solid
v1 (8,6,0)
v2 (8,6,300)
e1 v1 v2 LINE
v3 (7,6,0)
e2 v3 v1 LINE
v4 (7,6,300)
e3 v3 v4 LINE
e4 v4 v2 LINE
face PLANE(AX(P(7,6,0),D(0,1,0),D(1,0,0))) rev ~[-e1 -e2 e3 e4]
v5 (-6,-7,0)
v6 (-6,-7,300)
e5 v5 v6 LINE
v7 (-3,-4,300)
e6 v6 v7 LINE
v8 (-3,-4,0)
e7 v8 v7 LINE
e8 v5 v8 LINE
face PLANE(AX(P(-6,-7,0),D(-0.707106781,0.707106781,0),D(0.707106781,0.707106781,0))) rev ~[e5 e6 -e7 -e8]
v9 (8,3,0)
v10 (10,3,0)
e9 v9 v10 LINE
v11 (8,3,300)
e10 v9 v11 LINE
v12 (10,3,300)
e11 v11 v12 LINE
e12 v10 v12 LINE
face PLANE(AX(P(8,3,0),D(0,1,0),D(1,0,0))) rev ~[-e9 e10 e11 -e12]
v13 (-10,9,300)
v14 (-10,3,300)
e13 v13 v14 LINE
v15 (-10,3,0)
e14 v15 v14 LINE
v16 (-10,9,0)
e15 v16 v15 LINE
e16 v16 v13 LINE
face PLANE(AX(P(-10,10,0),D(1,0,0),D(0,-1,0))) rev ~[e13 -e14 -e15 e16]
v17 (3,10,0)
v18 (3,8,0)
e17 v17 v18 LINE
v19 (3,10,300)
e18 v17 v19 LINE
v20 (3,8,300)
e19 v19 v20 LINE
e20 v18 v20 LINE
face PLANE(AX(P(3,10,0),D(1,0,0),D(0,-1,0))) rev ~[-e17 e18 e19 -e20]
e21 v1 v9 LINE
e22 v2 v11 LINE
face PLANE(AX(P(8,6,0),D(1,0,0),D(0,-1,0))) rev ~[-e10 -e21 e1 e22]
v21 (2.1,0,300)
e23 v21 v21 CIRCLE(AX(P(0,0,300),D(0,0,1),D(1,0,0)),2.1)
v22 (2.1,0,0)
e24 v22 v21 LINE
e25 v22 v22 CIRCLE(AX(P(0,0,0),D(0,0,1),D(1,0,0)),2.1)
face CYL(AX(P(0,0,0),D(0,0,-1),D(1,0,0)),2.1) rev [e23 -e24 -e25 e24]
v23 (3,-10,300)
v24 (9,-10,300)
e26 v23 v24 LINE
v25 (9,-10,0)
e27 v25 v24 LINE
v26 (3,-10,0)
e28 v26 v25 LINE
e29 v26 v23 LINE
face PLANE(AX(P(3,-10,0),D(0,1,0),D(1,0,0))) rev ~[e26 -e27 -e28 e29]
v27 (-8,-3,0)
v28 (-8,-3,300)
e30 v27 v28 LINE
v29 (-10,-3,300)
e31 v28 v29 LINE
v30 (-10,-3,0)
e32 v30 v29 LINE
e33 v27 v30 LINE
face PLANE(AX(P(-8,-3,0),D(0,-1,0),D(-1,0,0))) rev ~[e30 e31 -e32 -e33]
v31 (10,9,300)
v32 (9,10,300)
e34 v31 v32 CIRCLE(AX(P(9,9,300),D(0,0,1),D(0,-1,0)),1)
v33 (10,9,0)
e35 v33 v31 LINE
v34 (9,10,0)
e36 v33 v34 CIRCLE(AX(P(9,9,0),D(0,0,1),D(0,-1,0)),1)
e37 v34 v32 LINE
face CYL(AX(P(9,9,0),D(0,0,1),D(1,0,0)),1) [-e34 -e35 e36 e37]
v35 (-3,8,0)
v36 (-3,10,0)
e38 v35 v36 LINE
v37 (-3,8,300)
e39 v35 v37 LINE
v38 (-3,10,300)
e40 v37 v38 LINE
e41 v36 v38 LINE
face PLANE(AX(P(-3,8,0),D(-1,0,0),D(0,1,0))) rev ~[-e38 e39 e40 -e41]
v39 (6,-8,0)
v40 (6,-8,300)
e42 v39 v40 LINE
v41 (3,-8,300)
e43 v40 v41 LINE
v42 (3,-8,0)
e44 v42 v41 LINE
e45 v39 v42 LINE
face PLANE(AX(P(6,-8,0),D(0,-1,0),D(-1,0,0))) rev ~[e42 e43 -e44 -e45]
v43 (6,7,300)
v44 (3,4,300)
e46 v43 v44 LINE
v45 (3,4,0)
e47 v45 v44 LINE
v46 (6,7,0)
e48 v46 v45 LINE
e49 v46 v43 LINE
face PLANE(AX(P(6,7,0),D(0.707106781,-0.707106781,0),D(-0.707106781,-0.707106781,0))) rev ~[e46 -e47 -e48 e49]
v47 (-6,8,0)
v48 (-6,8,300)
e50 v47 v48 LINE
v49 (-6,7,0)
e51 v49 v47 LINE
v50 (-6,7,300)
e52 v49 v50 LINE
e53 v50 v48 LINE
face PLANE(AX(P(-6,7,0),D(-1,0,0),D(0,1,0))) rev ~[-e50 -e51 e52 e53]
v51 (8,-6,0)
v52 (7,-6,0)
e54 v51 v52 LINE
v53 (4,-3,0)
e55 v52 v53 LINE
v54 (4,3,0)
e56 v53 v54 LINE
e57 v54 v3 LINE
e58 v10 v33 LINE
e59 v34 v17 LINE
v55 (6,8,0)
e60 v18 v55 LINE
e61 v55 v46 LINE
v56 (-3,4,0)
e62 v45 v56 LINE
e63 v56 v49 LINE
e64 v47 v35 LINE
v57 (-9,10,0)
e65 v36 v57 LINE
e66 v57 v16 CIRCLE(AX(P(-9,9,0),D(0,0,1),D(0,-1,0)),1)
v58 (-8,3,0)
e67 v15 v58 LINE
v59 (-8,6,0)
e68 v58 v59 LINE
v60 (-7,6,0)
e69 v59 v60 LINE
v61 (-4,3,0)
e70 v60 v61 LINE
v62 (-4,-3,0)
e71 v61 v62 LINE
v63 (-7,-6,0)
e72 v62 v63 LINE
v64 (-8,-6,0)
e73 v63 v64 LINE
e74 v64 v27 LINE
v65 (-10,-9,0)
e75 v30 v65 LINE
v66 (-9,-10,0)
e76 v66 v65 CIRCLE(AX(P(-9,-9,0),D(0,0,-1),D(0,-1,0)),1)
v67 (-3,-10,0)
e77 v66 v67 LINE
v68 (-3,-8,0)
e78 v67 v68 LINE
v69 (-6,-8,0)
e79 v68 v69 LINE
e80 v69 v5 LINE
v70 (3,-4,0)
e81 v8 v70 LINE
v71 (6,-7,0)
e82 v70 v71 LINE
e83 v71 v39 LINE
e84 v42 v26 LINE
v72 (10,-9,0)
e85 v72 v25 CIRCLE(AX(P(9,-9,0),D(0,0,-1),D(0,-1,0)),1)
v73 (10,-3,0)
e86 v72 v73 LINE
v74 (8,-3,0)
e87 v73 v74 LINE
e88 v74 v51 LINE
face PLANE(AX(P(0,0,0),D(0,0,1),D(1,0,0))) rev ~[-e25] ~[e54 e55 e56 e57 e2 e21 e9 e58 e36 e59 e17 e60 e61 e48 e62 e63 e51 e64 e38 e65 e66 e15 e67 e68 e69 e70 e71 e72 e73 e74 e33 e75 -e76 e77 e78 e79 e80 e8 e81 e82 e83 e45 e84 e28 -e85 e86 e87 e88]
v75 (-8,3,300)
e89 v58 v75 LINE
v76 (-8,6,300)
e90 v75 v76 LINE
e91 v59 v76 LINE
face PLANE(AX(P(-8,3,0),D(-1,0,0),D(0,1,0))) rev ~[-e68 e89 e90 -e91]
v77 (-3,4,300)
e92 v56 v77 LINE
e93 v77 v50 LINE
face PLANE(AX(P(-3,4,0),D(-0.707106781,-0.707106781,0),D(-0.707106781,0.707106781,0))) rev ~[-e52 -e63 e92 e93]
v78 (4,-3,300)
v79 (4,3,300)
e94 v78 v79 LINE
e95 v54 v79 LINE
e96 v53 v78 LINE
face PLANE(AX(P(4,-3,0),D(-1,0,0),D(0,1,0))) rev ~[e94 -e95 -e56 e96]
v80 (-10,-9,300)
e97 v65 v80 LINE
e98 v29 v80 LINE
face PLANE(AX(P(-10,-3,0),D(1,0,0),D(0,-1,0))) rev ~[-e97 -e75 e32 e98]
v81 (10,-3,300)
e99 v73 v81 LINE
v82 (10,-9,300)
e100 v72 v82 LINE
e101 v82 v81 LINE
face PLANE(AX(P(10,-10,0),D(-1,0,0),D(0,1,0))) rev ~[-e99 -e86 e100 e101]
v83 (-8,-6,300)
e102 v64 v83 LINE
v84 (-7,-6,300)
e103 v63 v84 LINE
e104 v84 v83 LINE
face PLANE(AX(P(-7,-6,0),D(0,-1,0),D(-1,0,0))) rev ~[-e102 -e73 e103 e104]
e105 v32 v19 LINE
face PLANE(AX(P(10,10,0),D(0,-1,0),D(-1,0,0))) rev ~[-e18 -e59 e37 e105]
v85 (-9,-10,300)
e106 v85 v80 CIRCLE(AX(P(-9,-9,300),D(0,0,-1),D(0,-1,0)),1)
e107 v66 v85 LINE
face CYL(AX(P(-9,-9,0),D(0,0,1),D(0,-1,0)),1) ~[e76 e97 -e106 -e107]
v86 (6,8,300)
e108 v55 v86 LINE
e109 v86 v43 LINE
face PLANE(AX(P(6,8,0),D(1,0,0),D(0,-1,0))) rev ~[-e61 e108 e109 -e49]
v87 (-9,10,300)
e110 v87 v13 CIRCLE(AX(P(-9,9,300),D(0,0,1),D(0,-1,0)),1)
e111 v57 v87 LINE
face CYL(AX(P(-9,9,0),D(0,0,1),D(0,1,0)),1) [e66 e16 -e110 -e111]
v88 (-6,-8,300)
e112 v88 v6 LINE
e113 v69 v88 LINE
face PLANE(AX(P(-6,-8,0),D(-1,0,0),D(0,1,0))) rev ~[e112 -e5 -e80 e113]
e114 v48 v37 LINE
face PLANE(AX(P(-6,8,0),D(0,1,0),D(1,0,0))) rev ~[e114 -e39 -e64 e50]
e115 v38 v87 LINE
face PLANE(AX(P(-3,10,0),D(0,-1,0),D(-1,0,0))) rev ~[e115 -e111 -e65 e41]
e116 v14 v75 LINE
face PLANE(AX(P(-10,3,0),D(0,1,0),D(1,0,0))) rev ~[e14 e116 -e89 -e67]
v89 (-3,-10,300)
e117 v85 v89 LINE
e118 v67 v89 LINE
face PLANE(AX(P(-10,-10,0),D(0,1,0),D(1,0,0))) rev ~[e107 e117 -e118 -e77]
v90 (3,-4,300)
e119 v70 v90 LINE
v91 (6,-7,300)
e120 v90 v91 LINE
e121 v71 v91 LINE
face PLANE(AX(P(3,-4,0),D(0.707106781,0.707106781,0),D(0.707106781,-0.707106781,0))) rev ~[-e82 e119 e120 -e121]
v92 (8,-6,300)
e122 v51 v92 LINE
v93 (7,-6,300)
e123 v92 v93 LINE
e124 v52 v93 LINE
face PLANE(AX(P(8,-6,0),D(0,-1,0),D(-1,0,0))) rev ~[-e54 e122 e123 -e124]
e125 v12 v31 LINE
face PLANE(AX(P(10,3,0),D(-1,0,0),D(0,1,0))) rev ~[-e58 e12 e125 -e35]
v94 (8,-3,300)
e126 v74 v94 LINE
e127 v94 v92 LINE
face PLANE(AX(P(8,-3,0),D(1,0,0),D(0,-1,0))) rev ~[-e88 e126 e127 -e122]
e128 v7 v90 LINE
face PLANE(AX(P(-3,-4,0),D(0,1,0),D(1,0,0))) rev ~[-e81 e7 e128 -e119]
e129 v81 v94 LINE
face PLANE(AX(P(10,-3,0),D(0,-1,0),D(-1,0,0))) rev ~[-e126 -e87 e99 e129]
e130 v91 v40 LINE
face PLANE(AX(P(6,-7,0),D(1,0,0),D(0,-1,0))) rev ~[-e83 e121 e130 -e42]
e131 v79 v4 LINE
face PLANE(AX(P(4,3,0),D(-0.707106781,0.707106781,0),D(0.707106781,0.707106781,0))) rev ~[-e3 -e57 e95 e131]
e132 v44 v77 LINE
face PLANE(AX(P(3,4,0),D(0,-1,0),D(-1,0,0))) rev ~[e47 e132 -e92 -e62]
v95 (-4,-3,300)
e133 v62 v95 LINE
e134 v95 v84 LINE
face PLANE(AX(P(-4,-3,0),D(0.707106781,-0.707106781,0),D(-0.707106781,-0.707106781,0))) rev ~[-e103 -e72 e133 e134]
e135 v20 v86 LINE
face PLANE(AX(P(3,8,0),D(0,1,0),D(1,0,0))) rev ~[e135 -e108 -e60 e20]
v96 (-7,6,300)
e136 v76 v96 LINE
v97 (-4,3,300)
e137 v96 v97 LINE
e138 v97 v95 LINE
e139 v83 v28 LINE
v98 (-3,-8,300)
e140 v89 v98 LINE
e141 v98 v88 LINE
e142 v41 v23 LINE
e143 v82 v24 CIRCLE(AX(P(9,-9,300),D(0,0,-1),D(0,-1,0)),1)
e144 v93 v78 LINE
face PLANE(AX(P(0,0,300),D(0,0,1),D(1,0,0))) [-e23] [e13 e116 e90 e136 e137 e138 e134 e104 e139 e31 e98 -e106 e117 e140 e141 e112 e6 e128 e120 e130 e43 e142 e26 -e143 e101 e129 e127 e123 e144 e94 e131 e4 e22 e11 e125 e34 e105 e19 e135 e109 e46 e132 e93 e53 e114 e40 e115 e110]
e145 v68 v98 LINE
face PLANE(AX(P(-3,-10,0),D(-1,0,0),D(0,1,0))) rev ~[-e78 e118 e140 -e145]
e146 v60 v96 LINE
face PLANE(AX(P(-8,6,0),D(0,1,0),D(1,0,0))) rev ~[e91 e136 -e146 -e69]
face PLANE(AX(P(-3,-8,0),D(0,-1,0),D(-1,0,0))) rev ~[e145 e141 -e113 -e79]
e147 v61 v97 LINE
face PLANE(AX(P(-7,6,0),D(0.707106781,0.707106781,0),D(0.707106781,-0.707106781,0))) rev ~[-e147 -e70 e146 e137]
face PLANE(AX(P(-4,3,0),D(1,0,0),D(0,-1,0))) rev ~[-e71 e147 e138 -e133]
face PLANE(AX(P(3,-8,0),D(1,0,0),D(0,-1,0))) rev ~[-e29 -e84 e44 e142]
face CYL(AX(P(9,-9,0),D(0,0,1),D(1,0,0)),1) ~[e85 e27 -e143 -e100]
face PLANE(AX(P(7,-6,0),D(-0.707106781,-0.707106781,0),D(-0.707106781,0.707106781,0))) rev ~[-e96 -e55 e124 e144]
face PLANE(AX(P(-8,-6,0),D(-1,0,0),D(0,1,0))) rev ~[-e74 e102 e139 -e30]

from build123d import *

# Parameters (mm, degrees)
SCHIZZO1_R                   = 2.1
ESTRUSIONE_ESTRUSIONE1_DEPTH = 300
RACCORDO1_R                  = 1


with BuildPart() as part:
    # Schizzo1 → Estrusione-Estrusione1 (new body)
    with BuildSketch(Plane.XY):
        Polygon((10, 3), (10, 10), (3, 10), (3, 8), (6, 8), (6, 7), (3, 4), (-3, 4), (-6, 7), (-6, 8), (-3, 8), (-3, 10), (-10, 10), (-10, 3), (-8, 3), (-8, 6), (-7, 6), (-4, 3), (-4, -3), (-7, -6), (-8, -6), (-8, -3), (-10, -3), (-10, -10), (-3, -10), (-3, -8), (-6, -8), (-6, -7), (-3, -4), (3, -4), (6, -7), (6, -8), (3, -8), (3, -10), (10, -10), (10, -3), (8, -3), (8, -6), (7, -6), (4, -3), (4, 3), (7, 6), (8, 6), (8, 3), align=None)
        Circle(SCHIZZO1_R, mode=Mode.SUBTRACT)
    extrude(amount=ESTRUSIONE_ESTRUSIONE1_DEPTH)

    # Raccordo1
    raccordo1_edges = [part.edges().sort_by_distance(p)[0] for p in [
        (-10, 10, 150),
        (10, 10, 150),
        (10, -10, 150),
        (-10, -10, 150),
    ]]
    fillet(raccordo1_edges, radius=RACCORDO1_R)


solid = part.part
